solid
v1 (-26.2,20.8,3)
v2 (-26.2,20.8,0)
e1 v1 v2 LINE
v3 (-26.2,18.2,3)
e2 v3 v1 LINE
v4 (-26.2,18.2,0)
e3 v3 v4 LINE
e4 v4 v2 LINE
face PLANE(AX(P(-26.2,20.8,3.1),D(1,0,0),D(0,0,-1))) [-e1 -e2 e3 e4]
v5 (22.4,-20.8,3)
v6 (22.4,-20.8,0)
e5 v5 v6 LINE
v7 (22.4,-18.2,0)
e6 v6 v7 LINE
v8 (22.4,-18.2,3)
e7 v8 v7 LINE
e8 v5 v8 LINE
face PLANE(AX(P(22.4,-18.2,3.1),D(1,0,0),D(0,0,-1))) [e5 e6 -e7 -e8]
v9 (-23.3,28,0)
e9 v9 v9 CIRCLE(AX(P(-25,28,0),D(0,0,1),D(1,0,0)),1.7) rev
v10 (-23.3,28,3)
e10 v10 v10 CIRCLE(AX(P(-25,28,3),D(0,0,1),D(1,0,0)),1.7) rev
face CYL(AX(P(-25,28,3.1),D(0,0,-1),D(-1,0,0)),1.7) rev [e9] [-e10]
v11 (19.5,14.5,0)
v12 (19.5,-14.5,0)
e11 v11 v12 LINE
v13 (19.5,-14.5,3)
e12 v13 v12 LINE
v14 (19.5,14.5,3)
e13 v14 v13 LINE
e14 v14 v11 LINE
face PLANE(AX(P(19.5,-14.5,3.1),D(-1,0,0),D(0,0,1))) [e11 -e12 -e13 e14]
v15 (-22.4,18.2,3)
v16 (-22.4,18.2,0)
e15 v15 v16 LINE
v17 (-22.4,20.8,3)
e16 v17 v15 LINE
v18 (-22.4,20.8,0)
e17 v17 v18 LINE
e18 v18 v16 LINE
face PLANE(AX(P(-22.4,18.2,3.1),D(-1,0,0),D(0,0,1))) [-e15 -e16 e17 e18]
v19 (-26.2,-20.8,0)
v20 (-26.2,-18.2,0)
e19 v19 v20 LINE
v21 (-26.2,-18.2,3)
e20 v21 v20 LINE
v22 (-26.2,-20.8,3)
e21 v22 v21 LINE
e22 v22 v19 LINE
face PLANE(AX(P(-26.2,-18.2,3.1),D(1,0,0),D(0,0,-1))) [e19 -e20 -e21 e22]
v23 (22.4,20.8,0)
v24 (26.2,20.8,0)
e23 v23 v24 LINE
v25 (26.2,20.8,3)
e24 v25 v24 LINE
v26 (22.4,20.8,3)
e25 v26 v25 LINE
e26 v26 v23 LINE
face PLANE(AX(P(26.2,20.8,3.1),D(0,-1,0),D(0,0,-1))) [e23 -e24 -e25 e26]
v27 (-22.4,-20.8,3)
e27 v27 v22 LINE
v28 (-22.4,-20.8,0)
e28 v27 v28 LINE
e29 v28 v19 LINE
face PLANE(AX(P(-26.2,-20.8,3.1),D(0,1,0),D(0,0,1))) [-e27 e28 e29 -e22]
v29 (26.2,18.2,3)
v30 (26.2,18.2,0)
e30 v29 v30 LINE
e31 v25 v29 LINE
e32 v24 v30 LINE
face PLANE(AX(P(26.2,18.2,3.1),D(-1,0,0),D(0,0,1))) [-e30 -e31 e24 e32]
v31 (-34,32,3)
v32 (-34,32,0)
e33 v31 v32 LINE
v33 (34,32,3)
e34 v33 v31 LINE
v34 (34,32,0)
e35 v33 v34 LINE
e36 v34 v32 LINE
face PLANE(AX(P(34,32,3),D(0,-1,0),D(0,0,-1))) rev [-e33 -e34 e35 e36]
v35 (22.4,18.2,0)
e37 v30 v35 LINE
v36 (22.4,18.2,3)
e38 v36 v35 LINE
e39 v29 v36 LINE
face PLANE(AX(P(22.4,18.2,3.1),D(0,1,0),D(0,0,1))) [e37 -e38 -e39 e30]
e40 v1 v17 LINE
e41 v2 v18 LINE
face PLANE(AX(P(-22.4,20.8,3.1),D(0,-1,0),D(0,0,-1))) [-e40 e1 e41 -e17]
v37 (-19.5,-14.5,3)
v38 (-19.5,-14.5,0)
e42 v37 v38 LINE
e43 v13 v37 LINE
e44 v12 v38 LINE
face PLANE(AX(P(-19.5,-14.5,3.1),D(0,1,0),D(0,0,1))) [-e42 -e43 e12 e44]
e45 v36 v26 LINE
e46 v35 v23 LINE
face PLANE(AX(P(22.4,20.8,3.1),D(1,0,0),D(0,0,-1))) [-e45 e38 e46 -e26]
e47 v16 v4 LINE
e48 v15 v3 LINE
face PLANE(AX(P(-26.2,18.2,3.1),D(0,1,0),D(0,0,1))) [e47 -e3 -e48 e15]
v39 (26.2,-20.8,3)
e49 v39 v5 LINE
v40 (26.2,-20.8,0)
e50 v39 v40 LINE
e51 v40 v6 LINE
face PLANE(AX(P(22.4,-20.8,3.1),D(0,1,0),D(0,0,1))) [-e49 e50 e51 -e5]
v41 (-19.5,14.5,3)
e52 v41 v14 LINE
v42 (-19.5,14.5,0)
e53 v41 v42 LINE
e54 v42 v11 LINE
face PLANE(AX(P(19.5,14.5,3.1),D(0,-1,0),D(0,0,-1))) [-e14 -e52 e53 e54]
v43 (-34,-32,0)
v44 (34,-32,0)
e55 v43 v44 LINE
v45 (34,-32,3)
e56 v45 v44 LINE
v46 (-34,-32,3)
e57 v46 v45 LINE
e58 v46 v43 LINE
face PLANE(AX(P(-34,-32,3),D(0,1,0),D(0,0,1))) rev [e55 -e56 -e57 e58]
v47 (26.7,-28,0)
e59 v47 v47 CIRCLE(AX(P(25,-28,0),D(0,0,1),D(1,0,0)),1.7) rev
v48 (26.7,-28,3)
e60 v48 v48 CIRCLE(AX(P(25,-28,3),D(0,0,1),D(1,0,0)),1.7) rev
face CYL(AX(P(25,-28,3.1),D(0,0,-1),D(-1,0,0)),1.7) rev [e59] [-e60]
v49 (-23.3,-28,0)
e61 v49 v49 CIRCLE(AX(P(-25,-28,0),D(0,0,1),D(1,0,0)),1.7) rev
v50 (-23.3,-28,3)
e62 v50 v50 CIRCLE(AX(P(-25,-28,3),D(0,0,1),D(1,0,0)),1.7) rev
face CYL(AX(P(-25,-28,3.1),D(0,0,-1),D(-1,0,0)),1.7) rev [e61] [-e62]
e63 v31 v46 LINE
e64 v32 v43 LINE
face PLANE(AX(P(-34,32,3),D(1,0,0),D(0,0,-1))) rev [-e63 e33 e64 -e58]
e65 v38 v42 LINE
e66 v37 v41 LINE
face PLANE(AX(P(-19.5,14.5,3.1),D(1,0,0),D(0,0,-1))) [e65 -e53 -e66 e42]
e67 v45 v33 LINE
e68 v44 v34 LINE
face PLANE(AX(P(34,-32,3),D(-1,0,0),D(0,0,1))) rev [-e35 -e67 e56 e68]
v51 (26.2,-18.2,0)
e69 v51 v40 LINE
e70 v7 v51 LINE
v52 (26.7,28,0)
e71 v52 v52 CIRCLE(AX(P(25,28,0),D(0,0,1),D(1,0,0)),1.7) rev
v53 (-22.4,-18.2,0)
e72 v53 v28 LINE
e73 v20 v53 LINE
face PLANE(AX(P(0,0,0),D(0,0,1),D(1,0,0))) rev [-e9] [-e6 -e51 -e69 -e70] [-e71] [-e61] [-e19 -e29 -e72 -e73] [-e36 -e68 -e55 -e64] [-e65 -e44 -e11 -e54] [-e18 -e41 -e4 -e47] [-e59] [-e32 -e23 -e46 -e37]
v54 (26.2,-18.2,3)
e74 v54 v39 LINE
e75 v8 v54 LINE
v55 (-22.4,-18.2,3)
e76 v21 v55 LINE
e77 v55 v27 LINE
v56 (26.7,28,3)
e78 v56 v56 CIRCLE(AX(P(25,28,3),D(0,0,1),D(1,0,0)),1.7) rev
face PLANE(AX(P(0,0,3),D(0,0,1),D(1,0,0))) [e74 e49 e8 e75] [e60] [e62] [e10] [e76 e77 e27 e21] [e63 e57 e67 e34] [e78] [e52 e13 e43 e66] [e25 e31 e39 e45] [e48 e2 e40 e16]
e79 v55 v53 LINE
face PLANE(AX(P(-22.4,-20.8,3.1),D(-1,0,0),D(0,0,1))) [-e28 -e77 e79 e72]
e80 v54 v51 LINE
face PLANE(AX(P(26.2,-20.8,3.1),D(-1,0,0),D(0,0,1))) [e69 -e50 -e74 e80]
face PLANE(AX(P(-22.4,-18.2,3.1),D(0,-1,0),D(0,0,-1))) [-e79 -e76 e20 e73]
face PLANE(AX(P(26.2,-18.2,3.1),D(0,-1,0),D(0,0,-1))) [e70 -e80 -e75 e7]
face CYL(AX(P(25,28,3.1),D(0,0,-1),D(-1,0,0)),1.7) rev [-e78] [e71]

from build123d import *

# Parameters (mm, degrees)
SKETCH_1_W                         = 68
SKETCH_1_H                         = 64
BOARD_MOUNT_BASE_DEPTH             = 3
SOLDER_AND_CONNECTOR_OPENING_START = -0.1
SKETCH_2_W                         = 39
SKETCH_2_H                         = 29
SOLDER_AND_CONNECTOR_OPENING_DEPTH = 3.2
PCB_M2_SLOTS_CENTRES48P6X39_START  = -0.1
SKETCH_3_W                         = 3.8
SKETCH_3_H                         = 2.6
PCB_M2_SLOTS_CENTRES48P6X39_DEPTH  = 3.2
DECK_ATTACHMENT_M3_START           = -0.1
SKETCH_4_R                         = 1.7
DECK_ATTACHMENT_M3_DEPTH           = 3.2


with BuildPart() as part:
    # 草图1 → Board_mount_base (new body)
    with BuildSketch(Plane.XY):
        Rectangle(SKETCH_1_W, SKETCH_1_H)
    extrude(amount=BOARD_MOUNT_BASE_DEPTH)

    # 草图2 → Solder_and_connector_opening (cut)
    with BuildSketch(Plane.XY.offset(SOLDER_AND_CONNECTOR_OPENING_START)):
        Rectangle(SKETCH_2_W, SKETCH_2_H)
    extrude(amount=SOLDER_AND_CONNECTOR_OPENING_DEPTH, mode=Mode.SUBTRACT)

    # 草图3 → PCB_M2_slots_centres48p6x39 (cut)
    with BuildSketch(Plane.XY.offset(PCB_M2_SLOTS_CENTRES48P6X39_START)):
        with Locations((-24.3, -19.5)):
            Rectangle(SKETCH_3_W, SKETCH_3_H)
        with Locations((-24.3, 19.5)):
            Rectangle(SKETCH_3_W, SKETCH_3_H)
        with Locations((24.3, -19.5)):
            Rectangle(SKETCH_3_W, SKETCH_3_H)
        with Locations((24.3, 19.5)):
            Rectangle(SKETCH_3_W, SKETCH_3_H)
    extrude(amount=PCB_M2_SLOTS_CENTRES48P6X39_DEPTH, mode=Mode.SUBTRACT)

    # 草图4 → Deck_attachment_M3 (cut)
    with BuildSketch(Plane.XY.offset(DECK_ATTACHMENT_M3_START)):
        with Locations((-25, -28)):
            Circle(SKETCH_4_R)
        with Locations((-25, 28)):
            Circle(SKETCH_4_R)
        with Locations((25, -28)):
            Circle(SKETCH_4_R)
        with Locations((25, 28)):
            Circle(SKETCH_4_R)
    extrude(amount=DECK_ATTACHMENT_M3_DEPTH, mode=Mode.SUBTRACT)


solid = part.part
